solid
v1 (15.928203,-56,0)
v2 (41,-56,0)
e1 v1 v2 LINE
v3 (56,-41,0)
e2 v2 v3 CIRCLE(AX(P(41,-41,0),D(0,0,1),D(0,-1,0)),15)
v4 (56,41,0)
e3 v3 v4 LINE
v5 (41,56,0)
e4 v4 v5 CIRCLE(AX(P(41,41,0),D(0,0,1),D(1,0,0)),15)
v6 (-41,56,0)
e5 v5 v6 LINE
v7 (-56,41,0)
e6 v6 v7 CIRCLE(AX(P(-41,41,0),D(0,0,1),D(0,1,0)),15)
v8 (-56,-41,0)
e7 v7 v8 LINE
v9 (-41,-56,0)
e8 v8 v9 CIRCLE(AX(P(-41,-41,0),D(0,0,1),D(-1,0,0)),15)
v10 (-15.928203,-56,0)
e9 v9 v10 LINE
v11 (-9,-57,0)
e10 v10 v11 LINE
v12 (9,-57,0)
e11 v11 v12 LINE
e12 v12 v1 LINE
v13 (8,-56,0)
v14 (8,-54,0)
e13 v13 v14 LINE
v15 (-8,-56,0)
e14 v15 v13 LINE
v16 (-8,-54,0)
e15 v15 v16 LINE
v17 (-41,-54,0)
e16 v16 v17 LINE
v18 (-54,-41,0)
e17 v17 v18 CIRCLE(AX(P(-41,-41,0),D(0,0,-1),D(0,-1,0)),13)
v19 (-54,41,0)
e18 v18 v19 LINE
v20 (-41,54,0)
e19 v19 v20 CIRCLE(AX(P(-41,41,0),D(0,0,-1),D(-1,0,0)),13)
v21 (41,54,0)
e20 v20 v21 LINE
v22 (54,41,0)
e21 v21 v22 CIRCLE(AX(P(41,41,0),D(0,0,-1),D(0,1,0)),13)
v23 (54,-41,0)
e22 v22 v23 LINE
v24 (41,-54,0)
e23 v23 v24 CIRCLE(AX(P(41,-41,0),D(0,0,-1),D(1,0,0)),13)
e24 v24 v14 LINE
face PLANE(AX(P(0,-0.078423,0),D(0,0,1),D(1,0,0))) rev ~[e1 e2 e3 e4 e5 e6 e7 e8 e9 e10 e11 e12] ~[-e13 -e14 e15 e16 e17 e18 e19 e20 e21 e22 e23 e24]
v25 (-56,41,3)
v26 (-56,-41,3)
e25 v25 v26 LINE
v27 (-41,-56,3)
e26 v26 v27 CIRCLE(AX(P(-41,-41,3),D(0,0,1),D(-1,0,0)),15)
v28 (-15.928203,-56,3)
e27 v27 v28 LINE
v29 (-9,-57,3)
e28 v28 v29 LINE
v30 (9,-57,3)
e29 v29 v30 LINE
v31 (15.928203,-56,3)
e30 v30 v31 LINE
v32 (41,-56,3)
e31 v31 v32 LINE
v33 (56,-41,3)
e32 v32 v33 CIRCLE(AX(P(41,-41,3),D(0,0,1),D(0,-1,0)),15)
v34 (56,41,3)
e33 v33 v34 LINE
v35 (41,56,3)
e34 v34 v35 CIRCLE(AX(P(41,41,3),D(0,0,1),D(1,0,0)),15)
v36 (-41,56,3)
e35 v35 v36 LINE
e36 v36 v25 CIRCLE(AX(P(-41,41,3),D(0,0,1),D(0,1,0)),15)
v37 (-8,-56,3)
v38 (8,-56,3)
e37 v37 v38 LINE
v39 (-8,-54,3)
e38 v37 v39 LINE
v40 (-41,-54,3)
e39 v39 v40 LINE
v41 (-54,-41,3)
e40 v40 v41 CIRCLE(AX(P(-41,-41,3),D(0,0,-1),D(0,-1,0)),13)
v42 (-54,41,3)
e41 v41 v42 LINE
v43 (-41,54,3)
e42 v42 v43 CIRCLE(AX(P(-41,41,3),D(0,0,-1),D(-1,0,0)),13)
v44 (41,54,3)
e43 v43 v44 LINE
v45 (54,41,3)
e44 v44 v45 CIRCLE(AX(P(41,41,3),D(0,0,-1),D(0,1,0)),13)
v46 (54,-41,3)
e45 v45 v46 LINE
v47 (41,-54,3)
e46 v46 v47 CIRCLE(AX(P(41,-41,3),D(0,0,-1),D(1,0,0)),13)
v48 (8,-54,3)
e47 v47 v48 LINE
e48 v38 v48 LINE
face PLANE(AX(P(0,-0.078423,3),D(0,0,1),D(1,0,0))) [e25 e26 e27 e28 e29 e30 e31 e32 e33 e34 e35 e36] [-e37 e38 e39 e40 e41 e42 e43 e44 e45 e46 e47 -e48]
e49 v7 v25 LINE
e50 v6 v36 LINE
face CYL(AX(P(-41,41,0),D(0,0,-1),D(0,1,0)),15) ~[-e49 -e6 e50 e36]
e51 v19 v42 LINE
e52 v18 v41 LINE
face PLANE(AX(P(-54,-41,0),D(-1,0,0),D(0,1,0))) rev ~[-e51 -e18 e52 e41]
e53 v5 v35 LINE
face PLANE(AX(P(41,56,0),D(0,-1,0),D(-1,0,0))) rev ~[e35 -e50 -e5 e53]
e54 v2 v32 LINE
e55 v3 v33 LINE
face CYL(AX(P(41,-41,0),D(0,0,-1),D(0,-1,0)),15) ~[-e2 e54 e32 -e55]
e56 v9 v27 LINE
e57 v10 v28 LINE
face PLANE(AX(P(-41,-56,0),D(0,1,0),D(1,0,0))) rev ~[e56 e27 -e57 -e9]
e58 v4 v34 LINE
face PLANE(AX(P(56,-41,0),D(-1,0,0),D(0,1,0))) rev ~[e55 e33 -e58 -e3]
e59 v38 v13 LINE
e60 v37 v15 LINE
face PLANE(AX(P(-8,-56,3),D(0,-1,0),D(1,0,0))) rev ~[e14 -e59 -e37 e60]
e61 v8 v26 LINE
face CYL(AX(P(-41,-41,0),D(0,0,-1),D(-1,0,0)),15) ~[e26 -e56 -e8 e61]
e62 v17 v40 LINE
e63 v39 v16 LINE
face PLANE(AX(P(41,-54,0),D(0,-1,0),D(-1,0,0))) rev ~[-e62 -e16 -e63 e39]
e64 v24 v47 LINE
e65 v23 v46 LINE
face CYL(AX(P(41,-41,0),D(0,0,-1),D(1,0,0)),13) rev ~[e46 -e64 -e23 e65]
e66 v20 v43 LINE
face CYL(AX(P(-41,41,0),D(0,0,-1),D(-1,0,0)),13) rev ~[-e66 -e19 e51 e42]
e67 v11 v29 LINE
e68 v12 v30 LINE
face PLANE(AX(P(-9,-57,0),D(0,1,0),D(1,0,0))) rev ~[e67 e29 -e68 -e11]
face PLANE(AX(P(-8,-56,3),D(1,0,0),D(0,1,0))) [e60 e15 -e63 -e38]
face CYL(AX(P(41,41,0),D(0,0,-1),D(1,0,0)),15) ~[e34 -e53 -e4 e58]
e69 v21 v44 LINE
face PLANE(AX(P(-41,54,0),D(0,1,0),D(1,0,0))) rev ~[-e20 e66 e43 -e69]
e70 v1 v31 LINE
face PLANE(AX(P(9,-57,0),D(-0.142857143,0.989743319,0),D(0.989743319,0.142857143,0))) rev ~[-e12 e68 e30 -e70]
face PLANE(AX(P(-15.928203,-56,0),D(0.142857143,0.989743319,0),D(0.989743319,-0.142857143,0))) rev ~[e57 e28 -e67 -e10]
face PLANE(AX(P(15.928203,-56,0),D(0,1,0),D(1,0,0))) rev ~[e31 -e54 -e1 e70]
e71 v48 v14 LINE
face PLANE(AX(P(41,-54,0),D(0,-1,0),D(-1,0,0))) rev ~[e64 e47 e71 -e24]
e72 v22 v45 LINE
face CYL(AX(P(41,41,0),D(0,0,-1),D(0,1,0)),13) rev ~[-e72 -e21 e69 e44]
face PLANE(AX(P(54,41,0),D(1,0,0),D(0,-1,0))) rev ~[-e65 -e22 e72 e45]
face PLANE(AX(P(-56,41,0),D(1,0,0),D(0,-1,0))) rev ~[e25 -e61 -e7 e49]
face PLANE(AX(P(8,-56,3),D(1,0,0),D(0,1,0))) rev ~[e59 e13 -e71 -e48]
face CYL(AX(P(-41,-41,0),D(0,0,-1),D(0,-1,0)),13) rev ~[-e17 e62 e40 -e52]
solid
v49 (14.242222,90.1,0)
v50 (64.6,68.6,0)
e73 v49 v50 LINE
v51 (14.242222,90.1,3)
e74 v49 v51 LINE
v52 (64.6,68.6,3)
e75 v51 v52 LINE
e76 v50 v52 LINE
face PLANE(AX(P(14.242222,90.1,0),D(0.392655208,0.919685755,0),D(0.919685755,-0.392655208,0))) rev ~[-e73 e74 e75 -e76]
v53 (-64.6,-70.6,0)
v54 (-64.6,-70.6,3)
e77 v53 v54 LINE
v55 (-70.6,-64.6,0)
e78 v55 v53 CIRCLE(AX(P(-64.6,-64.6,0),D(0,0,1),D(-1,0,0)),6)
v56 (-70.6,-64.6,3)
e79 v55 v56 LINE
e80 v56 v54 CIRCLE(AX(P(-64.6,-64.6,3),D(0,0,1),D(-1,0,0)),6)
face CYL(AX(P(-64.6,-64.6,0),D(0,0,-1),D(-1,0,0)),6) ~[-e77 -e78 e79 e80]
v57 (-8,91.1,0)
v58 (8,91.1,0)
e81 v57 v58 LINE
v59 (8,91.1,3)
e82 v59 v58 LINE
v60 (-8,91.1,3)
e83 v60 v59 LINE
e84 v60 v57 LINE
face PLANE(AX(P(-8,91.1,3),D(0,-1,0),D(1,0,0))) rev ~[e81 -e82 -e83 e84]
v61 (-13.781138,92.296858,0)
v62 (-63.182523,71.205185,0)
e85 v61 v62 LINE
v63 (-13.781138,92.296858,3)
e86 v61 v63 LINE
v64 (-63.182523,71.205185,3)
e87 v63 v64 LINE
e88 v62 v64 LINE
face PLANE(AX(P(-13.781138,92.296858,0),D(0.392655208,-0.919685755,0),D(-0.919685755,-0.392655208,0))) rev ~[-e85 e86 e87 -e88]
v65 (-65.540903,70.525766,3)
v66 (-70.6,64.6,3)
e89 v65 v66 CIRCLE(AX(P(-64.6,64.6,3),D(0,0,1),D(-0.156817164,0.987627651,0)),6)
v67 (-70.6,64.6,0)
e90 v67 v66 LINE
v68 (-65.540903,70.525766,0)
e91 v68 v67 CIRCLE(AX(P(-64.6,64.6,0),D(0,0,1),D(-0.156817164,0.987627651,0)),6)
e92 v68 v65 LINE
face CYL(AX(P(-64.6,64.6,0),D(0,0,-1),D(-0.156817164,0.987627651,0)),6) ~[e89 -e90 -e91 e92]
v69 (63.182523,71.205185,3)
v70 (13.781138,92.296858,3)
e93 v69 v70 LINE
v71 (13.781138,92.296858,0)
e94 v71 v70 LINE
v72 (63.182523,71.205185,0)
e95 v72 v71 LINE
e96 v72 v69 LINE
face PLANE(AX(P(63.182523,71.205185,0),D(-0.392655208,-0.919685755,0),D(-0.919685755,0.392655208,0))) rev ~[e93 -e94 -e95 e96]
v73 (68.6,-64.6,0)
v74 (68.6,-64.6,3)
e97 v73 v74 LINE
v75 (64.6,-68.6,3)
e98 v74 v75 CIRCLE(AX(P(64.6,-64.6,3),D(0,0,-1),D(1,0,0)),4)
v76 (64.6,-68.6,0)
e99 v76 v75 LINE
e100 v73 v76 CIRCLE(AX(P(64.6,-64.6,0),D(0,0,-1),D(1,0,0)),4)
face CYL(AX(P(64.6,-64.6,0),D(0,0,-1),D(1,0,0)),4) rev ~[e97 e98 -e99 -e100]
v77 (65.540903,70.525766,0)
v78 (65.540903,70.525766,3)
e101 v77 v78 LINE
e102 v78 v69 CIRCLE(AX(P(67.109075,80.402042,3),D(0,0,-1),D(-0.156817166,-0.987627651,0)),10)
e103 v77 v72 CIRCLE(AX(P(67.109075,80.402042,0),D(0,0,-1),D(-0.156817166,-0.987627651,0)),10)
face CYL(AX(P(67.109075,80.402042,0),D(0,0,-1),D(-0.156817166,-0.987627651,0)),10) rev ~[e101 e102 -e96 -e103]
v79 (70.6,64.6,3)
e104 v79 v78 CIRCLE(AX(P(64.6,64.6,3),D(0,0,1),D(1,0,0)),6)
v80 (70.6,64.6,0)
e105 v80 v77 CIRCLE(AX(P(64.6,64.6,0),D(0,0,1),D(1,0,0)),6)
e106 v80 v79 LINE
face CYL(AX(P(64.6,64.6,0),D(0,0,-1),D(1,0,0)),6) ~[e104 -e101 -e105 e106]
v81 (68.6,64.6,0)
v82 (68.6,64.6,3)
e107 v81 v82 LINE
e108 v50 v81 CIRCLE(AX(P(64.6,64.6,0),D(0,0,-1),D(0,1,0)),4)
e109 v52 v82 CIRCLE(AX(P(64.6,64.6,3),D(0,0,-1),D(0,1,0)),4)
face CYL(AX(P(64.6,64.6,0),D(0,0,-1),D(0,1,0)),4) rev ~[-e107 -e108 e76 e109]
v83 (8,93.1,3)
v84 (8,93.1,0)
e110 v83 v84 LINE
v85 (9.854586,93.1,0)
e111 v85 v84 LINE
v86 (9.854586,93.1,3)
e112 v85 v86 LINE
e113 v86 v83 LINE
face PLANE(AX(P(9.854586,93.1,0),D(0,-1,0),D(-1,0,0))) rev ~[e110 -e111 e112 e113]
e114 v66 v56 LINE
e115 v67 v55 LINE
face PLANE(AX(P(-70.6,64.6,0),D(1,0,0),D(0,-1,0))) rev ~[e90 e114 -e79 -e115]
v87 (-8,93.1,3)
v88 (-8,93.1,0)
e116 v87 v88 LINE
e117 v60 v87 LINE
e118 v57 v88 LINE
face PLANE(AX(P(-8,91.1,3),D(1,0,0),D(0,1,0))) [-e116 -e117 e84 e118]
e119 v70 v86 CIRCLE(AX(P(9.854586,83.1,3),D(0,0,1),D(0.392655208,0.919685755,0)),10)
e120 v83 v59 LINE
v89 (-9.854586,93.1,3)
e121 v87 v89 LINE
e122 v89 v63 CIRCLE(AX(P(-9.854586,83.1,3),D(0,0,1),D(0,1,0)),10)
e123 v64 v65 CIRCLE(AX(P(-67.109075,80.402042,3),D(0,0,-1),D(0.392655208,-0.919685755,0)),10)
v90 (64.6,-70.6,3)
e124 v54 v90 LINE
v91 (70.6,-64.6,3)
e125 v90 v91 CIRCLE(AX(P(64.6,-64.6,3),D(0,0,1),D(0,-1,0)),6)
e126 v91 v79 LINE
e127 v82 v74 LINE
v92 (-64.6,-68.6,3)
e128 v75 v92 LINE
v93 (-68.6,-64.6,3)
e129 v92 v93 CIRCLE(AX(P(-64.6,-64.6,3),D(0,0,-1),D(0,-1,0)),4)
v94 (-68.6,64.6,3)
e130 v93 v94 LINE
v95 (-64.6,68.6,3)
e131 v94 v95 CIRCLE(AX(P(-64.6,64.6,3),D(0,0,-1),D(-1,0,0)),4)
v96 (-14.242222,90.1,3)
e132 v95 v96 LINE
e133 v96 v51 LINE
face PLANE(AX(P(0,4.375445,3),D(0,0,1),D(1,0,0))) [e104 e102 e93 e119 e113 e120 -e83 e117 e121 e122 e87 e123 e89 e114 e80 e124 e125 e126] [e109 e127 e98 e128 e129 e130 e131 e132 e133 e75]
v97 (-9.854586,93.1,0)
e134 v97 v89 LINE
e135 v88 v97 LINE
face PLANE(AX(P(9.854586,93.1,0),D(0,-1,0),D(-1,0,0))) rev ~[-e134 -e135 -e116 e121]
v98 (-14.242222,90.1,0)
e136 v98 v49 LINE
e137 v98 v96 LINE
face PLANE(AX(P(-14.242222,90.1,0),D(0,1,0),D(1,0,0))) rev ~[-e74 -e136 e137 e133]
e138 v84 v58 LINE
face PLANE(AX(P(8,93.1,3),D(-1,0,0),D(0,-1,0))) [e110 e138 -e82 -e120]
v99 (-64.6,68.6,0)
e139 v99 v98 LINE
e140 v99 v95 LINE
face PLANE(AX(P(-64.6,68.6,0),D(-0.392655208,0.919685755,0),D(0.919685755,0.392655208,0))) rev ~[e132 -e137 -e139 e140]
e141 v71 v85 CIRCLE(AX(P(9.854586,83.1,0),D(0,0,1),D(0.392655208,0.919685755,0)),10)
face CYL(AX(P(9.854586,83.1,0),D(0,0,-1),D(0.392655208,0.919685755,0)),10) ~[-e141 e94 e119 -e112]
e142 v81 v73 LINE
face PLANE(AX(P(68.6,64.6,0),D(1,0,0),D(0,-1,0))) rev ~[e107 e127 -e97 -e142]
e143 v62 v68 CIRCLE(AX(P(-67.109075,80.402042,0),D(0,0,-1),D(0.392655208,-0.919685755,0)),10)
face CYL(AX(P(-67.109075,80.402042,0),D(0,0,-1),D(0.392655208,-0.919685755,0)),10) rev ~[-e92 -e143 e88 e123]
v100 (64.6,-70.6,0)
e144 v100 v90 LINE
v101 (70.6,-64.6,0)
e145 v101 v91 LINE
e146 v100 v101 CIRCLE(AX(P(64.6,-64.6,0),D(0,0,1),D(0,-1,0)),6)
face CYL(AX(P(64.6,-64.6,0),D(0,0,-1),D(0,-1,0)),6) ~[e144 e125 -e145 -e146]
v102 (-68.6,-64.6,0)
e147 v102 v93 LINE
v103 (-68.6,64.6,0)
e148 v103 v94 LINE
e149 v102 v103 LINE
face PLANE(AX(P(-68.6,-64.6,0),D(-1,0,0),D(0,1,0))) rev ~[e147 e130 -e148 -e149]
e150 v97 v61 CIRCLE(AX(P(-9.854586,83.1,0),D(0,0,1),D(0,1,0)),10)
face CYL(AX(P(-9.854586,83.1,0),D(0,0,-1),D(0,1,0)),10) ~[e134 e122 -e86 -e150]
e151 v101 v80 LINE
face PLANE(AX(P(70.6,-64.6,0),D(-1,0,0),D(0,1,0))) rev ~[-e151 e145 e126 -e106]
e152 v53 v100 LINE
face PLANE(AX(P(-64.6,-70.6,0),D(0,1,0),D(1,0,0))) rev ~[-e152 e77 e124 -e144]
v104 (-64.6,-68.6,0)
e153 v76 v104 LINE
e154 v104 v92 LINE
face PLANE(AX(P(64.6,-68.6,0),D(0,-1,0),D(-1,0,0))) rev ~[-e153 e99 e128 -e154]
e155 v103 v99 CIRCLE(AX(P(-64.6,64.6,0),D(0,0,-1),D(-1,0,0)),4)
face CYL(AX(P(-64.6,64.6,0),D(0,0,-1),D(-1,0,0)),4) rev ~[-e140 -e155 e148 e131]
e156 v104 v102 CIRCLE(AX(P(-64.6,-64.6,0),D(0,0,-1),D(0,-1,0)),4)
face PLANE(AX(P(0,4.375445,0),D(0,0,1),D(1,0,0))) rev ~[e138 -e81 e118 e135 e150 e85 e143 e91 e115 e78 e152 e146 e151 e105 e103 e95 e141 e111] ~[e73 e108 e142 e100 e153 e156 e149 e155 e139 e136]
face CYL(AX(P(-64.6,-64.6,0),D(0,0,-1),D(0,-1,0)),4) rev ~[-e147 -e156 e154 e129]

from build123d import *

# Parameters (mm, degrees)
BOSS_EXTRUDE1_DEPTH   = 3
BOSS_EXTRUDE1_2_DEPTH = 3
CUT_EXTRUDE1_DEPTH    = 117.880152293
SKETCH4_W             = 16
SKETCH4_H             = 2
CUT_EXTRUDE2_DEPTH    = 117.880152293


with BuildPart() as part:
    # Sketch2 → Boss-Extrude1 (new body)
    with BuildSketch(Plane.XY):
        with BuildLine():
            Line((-9, -57), (0, -57))
            Line((0, -57), (9, -57))
            Line((9, -57), (15.92820323, -56))
            Line((15.92820323, -56), (41, -56))
            ThreePointArc((41, -56), (51.606601718, -51.606601718), (56, -41))
            Line((56, -41), (56, 41))
            ThreePointArc((56, 41), (51.606601718, 51.606601718), (41, 56))
            Line((41, 56), (-41, 56))
            ThreePointArc((-41, 56), (-51.606601718, 51.606601718), (-56, 41))
            Line((-56, 41), (-56, -41))
            ThreePointArc((-56, -41), (-51.606601718, -51.606601718), (-41, -56))
            Line((-41, -56), (-15.92820323, -56))
            Line((-15.92820323, -56), (-9, -57))
        make_face()
        with BuildLine():
            Line((41, -54), (-41, -54))
            ThreePointArc((-41, -54), (-50.192388155, -50.192388155), (-54, -41))
            Line((-54, -41), (-54, 41))
            ThreePointArc((-54, 41), (-50.192388155, 50.192388155), (-41, 54))
            Line((-41, 54), (41, 54))
            ThreePointArc((41, 54), (50.192388155, 50.192388155), (54, 41))
            Line((54, 41), (54, -41))
            ThreePointArc((54, -41), (50.192388155, -50.192388155), (41, -54))
        make_face(mode=Mode.SUBTRACT)
    extrude(amount=BOSS_EXTRUDE1_DEPTH)

    # Sketch4 → Cut-Extrude2 (cut, through all)
    with BuildSketch(Plane.XY.offset(3)):
        with Locations((0, -55)):
            Rectangle(SKETCH4_W, SKETCH4_H)
    extrude(amount=-CUT_EXTRUDE2_DEPTH, mode=Mode.SUBTRACT)


with BuildPart() as body_2:
    # Sketch2 → Boss-Extrude1 2 (new body)
    with BuildSketch(Plane.XY):
        with BuildLine():
            ThreePointArc((-65.540902989, 70.525765905), (-69.163190657, 68.495804286), (-70.6, 64.6))
            Line((-70.6, 64.6), (-70.6, -64.6))
            ThreePointArc((-70.6, -64.6), (-68.842640687, -68.842640687), (-64.6, -70.6))
            Line((-64.6, -70.6), (64.6, -70.6))
            ThreePointArc((64.6, -70.6), (68.842640687, -68.842640687), (70.6, -64.6))
            Line((70.6, -64.6), (70.6, 64.6))
            ThreePointArc((70.6, 64.6), (69.163190657, 68.495804286), (65.540902989, 70.525765905))
            ThreePointArc((65.540902989, 70.525765905), (64.340790015, 70.792848887), (63.182522555, 71.205184867))
            Line((63.182522555, 71.205184867), (13.781138102, 92.296857547))
            ThreePointArc((13.781138102, 92.296857547), (11.858510235, 92.897157125), (9.854586018, 93.1))
            Line((9.854586018, 93.1), (-9.854586018, 93.1))
            ThreePointArc((-9.854586018, 93.1), (-11.858510235, 92.897157125), (-13.781138102, 92.296857547))
            Line((-13.781138102, 92.296857547), (-63.182522555, 71.205184867))
            ThreePointArc((-63.182522555, 71.205184867), (-64.340790015, 70.792848887), (-65.540902989, 70.525765905))
        make_face()
        with BuildLine():
            Line((-64.6, 68.6), (-14.242222222, 90.1))
            Line((-14.242222222, 90.1), (14.242222222, 90.1))
            Line((14.242222222, 90.1), (64.6, 68.6))
            ThreePointArc((64.6, 68.6), (67.428427125, 67.428427125), (68.6, 64.6))
            Line((68.6, 64.6), (68.6, -64.6))
            ThreePointArc((68.6, -64.6), (67.428427125, -67.428427125), (64.6, -68.6))
            Line((64.6, -68.6), (-64.6, -68.6))
            ThreePointArc((-64.6, -68.6), (-67.428427125, -67.428427125), (-68.6, -64.6))
            Line((-68.6, -64.6), (-68.6, 64.6))
            ThreePointArc((-68.6, 64.6), (-67.428427125, 67.428427125), (-64.6, 68.6))
        make_face(mode=Mode.SUBTRACT)
    extrude(amount=BOSS_EXTRUDE1_2_DEPTH)

    # Sketch3 → Cut-Extrude1 (cut, through all)
    with BuildSketch(Plane.XY.offset(3)):
        Polygon((-6, 93.1), (6, 93.1), (8, 93.1), (8, 91.1), (6, 91.1), (-6, 91.1), (-8, 91.1), (-8, 93.1), align=None)
    extrude(amount=-CUT_EXTRUDE1_DEPTH, mode=Mode.SUBTRACT)


solid = Compound([part.part, body_2.part])
